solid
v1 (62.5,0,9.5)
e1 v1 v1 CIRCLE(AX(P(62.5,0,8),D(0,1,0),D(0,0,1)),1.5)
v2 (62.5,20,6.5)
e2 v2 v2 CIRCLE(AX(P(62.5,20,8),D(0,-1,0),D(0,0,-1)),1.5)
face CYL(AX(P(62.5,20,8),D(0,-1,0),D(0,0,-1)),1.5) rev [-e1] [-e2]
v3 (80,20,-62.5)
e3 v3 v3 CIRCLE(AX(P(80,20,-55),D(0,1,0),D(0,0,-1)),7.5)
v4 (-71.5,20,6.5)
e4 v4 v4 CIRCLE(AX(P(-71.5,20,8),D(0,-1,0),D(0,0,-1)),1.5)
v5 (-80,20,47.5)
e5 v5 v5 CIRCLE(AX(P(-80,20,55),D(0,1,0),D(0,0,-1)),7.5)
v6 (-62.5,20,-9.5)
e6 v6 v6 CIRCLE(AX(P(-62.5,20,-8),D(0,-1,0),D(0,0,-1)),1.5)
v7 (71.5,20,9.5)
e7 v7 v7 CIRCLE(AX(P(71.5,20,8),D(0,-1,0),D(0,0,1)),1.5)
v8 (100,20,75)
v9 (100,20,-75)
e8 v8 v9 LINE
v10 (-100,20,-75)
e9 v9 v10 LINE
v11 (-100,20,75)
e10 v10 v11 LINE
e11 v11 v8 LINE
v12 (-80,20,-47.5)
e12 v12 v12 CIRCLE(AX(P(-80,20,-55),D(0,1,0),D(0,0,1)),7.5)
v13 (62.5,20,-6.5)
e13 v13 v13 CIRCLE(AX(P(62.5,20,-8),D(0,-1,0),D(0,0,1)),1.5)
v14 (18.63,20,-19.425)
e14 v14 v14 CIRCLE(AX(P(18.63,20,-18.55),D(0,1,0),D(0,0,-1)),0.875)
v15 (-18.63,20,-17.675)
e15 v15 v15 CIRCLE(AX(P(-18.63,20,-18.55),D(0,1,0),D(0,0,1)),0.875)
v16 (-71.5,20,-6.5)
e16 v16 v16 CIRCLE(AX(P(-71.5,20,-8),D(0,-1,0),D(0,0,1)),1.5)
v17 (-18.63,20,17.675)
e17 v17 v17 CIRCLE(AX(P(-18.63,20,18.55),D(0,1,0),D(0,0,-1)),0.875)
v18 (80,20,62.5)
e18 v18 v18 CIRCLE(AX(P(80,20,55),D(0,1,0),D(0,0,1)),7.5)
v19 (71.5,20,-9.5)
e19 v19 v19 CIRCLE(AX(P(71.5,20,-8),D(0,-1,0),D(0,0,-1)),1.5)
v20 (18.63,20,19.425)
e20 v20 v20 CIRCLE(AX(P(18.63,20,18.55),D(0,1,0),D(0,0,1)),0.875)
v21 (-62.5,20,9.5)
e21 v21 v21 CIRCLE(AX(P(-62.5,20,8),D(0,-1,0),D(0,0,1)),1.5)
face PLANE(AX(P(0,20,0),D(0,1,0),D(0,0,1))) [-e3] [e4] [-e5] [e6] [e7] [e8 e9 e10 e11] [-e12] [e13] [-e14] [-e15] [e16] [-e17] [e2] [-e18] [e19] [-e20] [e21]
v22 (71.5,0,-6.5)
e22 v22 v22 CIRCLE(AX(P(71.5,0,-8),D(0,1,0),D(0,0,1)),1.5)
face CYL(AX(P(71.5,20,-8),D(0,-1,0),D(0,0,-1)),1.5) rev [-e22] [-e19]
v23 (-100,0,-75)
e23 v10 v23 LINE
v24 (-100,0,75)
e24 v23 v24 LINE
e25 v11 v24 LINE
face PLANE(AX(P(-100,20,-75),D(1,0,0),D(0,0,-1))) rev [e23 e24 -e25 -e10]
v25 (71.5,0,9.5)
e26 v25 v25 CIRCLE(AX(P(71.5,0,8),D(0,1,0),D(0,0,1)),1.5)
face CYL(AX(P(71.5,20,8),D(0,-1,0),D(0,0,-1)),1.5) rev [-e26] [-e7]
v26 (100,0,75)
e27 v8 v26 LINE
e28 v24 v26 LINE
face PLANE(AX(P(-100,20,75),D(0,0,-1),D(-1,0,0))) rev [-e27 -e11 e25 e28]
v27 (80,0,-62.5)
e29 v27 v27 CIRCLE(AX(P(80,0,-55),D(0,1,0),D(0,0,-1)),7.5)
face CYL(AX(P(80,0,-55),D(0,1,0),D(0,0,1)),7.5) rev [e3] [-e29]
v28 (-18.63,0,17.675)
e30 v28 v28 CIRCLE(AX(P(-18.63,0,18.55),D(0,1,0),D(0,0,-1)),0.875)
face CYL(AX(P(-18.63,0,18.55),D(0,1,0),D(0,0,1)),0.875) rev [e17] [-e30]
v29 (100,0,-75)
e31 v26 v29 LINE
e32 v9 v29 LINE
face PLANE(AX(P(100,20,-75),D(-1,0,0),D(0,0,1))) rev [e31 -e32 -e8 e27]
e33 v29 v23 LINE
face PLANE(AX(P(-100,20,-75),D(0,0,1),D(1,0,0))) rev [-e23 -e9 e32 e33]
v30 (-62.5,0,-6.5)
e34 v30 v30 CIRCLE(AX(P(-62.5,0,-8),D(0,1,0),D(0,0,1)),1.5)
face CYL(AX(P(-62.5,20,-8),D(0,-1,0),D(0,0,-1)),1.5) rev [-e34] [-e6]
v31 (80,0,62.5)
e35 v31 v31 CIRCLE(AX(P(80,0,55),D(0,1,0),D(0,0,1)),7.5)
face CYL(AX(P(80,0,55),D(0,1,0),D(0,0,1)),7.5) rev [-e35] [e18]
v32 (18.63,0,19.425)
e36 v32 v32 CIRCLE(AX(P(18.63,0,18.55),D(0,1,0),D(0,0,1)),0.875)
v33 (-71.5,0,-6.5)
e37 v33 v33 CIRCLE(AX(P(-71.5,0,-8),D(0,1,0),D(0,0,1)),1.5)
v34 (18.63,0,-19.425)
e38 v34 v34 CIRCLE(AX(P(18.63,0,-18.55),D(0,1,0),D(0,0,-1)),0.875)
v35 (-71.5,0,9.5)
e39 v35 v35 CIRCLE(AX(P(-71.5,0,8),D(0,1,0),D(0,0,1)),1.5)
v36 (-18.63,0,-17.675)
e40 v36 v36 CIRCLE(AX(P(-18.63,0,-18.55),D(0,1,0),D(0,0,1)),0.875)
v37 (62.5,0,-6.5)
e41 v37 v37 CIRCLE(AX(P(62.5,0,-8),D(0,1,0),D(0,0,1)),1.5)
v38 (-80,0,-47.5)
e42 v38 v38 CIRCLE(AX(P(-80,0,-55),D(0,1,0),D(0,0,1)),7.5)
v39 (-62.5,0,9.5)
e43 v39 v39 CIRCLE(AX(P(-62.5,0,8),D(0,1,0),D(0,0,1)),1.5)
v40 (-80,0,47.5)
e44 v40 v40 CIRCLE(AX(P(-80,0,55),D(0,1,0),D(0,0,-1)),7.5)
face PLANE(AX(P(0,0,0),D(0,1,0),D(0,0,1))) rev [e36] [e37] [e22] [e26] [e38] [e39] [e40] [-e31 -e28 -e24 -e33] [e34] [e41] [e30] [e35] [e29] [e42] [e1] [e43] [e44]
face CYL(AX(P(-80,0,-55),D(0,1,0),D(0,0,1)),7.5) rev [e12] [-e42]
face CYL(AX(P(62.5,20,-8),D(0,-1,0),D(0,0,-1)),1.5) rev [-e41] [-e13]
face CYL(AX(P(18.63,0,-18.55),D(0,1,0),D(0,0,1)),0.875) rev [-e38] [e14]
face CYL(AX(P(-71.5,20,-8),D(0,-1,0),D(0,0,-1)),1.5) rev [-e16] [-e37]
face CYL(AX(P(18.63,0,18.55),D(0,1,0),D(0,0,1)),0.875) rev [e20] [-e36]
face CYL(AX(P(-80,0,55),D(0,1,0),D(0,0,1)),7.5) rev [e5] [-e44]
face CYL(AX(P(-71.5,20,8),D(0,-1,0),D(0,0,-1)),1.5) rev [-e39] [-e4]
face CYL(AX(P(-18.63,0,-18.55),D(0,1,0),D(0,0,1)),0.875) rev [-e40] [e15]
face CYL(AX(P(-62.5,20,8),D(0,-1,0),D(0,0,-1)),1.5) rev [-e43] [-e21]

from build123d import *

# Parameters (mm, degrees)
SKETCH1_W               = 200
SKETCH1_H               = 150
BOSS_EXTRUDE1_DEPTH     = 20
SKETCH2_R               = 7.5
CUT_EXTRUDE1_DEPTH      = 127.589889012
CUT_EXTRUDE2_DEPTH      = 127.589889012
CUT_EXTRUDE2_DEPTH_BACK = 127.589889012
SKETCH3_R               = 1.5
SKETCH4_R               = 0.875
CUT_EXTRUDE3_DEPTH      = 127.589889012


with BuildPart() as part:
    # Sketch1 → Boss-Extrude1 (new body)
    with BuildSketch(Plane(origin=(0, 0, 0), x_dir=(1, 0, 0), z_dir=(0, 1, 0))):
        Rectangle(SKETCH1_W, SKETCH1_H)
    extrude(amount=BOSS_EXTRUDE1_DEPTH)

    # Sketch2 → Cut-Extrude1 (cut, through all)
    with BuildSketch(Plane(origin=(0, 20, 0), x_dir=(1, 0, 0), z_dir=(0, 1, 0))):
        with Locations(Location((-80, 55, 0), (0, 0, 270))):
            Circle(SKETCH2_R)
        with Locations(Location((80, 55, 0), (0, 0, 90))):
            Circle(SKETCH2_R)
        with Locations(Location((-80, -55, 0), (0, 0, 90))):
            Circle(SKETCH2_R)
        with Locations(Location((80, -55, 0), (0, 0, 270))):
            Circle(SKETCH2_R)
    extrude(amount=-CUT_EXTRUDE1_DEPTH, mode=Mode.SUBTRACT)

    # Sketch3 → Cut-Extrude2 (cut, two sides: drawn at the far end of the back side and taken through both)
    with BuildSketch(Plane.XZ.offset(-CUT_EXTRUDE2_DEPTH_BACK)):
        with Locations(Location((-71.5, 8, 0), (0, 0, 270))):
            Circle(SKETCH3_R)
        with Locations(Location((-62.5, 8, 0), (0, 0, 90))):
            Circle(SKETCH3_R)
        with Locations(Location((-62.5, -8, 0), (0, 0, 270))):
            Circle(SKETCH3_R)
        with Locations(Location((-71.5, -8, 0), (0, 0, 90))):
            Circle(SKETCH3_R)
        with Locations(Location((62.5, -8, 0), (0, 0, 90))):
            Circle(SKETCH3_R)
        with Locations(Location((71.5, -8, 0), (0, 0, 270))):
            Circle(SKETCH3_R)
        with Locations(Location((62.5, 8, 0), (0, 0, 270))):
            Circle(SKETCH3_R)
        with Locations(Location((71.5, 8, 0), (0, 0, 90))):
            Circle(SKETCH3_R)
    extrude(amount=CUT_EXTRUDE2_DEPTH + CUT_EXTRUDE2_DEPTH_BACK, mode=Mode.SUBTRACT)

    # Sketch4 → Cut-Extrude3 (cut, through all)
    with BuildSketch(Plane(origin=(0, 20, 0), x_dir=(1, 0, 0), z_dir=(0, 1, 0))):
        with Locations(Location((-18.63, 18.55, 0), (0, 0, 270))):
            Circle(SKETCH4_R)
        with Locations(Location((18.63, 18.55, 0), (0, 0, 90))):
            Circle(SKETCH4_R)
        with Locations(Location((-18.63, -18.55, 0), (0, 0, 90))):
            Circle(SKETCH4_R)
        with Locations(Location((18.63, -18.55, 0), (0, 0, 270))):
            Circle(SKETCH4_R)
    extrude(amount=-CUT_EXTRUDE3_DEPTH, mode=Mode.SUBTRACT)


solid = part.part
